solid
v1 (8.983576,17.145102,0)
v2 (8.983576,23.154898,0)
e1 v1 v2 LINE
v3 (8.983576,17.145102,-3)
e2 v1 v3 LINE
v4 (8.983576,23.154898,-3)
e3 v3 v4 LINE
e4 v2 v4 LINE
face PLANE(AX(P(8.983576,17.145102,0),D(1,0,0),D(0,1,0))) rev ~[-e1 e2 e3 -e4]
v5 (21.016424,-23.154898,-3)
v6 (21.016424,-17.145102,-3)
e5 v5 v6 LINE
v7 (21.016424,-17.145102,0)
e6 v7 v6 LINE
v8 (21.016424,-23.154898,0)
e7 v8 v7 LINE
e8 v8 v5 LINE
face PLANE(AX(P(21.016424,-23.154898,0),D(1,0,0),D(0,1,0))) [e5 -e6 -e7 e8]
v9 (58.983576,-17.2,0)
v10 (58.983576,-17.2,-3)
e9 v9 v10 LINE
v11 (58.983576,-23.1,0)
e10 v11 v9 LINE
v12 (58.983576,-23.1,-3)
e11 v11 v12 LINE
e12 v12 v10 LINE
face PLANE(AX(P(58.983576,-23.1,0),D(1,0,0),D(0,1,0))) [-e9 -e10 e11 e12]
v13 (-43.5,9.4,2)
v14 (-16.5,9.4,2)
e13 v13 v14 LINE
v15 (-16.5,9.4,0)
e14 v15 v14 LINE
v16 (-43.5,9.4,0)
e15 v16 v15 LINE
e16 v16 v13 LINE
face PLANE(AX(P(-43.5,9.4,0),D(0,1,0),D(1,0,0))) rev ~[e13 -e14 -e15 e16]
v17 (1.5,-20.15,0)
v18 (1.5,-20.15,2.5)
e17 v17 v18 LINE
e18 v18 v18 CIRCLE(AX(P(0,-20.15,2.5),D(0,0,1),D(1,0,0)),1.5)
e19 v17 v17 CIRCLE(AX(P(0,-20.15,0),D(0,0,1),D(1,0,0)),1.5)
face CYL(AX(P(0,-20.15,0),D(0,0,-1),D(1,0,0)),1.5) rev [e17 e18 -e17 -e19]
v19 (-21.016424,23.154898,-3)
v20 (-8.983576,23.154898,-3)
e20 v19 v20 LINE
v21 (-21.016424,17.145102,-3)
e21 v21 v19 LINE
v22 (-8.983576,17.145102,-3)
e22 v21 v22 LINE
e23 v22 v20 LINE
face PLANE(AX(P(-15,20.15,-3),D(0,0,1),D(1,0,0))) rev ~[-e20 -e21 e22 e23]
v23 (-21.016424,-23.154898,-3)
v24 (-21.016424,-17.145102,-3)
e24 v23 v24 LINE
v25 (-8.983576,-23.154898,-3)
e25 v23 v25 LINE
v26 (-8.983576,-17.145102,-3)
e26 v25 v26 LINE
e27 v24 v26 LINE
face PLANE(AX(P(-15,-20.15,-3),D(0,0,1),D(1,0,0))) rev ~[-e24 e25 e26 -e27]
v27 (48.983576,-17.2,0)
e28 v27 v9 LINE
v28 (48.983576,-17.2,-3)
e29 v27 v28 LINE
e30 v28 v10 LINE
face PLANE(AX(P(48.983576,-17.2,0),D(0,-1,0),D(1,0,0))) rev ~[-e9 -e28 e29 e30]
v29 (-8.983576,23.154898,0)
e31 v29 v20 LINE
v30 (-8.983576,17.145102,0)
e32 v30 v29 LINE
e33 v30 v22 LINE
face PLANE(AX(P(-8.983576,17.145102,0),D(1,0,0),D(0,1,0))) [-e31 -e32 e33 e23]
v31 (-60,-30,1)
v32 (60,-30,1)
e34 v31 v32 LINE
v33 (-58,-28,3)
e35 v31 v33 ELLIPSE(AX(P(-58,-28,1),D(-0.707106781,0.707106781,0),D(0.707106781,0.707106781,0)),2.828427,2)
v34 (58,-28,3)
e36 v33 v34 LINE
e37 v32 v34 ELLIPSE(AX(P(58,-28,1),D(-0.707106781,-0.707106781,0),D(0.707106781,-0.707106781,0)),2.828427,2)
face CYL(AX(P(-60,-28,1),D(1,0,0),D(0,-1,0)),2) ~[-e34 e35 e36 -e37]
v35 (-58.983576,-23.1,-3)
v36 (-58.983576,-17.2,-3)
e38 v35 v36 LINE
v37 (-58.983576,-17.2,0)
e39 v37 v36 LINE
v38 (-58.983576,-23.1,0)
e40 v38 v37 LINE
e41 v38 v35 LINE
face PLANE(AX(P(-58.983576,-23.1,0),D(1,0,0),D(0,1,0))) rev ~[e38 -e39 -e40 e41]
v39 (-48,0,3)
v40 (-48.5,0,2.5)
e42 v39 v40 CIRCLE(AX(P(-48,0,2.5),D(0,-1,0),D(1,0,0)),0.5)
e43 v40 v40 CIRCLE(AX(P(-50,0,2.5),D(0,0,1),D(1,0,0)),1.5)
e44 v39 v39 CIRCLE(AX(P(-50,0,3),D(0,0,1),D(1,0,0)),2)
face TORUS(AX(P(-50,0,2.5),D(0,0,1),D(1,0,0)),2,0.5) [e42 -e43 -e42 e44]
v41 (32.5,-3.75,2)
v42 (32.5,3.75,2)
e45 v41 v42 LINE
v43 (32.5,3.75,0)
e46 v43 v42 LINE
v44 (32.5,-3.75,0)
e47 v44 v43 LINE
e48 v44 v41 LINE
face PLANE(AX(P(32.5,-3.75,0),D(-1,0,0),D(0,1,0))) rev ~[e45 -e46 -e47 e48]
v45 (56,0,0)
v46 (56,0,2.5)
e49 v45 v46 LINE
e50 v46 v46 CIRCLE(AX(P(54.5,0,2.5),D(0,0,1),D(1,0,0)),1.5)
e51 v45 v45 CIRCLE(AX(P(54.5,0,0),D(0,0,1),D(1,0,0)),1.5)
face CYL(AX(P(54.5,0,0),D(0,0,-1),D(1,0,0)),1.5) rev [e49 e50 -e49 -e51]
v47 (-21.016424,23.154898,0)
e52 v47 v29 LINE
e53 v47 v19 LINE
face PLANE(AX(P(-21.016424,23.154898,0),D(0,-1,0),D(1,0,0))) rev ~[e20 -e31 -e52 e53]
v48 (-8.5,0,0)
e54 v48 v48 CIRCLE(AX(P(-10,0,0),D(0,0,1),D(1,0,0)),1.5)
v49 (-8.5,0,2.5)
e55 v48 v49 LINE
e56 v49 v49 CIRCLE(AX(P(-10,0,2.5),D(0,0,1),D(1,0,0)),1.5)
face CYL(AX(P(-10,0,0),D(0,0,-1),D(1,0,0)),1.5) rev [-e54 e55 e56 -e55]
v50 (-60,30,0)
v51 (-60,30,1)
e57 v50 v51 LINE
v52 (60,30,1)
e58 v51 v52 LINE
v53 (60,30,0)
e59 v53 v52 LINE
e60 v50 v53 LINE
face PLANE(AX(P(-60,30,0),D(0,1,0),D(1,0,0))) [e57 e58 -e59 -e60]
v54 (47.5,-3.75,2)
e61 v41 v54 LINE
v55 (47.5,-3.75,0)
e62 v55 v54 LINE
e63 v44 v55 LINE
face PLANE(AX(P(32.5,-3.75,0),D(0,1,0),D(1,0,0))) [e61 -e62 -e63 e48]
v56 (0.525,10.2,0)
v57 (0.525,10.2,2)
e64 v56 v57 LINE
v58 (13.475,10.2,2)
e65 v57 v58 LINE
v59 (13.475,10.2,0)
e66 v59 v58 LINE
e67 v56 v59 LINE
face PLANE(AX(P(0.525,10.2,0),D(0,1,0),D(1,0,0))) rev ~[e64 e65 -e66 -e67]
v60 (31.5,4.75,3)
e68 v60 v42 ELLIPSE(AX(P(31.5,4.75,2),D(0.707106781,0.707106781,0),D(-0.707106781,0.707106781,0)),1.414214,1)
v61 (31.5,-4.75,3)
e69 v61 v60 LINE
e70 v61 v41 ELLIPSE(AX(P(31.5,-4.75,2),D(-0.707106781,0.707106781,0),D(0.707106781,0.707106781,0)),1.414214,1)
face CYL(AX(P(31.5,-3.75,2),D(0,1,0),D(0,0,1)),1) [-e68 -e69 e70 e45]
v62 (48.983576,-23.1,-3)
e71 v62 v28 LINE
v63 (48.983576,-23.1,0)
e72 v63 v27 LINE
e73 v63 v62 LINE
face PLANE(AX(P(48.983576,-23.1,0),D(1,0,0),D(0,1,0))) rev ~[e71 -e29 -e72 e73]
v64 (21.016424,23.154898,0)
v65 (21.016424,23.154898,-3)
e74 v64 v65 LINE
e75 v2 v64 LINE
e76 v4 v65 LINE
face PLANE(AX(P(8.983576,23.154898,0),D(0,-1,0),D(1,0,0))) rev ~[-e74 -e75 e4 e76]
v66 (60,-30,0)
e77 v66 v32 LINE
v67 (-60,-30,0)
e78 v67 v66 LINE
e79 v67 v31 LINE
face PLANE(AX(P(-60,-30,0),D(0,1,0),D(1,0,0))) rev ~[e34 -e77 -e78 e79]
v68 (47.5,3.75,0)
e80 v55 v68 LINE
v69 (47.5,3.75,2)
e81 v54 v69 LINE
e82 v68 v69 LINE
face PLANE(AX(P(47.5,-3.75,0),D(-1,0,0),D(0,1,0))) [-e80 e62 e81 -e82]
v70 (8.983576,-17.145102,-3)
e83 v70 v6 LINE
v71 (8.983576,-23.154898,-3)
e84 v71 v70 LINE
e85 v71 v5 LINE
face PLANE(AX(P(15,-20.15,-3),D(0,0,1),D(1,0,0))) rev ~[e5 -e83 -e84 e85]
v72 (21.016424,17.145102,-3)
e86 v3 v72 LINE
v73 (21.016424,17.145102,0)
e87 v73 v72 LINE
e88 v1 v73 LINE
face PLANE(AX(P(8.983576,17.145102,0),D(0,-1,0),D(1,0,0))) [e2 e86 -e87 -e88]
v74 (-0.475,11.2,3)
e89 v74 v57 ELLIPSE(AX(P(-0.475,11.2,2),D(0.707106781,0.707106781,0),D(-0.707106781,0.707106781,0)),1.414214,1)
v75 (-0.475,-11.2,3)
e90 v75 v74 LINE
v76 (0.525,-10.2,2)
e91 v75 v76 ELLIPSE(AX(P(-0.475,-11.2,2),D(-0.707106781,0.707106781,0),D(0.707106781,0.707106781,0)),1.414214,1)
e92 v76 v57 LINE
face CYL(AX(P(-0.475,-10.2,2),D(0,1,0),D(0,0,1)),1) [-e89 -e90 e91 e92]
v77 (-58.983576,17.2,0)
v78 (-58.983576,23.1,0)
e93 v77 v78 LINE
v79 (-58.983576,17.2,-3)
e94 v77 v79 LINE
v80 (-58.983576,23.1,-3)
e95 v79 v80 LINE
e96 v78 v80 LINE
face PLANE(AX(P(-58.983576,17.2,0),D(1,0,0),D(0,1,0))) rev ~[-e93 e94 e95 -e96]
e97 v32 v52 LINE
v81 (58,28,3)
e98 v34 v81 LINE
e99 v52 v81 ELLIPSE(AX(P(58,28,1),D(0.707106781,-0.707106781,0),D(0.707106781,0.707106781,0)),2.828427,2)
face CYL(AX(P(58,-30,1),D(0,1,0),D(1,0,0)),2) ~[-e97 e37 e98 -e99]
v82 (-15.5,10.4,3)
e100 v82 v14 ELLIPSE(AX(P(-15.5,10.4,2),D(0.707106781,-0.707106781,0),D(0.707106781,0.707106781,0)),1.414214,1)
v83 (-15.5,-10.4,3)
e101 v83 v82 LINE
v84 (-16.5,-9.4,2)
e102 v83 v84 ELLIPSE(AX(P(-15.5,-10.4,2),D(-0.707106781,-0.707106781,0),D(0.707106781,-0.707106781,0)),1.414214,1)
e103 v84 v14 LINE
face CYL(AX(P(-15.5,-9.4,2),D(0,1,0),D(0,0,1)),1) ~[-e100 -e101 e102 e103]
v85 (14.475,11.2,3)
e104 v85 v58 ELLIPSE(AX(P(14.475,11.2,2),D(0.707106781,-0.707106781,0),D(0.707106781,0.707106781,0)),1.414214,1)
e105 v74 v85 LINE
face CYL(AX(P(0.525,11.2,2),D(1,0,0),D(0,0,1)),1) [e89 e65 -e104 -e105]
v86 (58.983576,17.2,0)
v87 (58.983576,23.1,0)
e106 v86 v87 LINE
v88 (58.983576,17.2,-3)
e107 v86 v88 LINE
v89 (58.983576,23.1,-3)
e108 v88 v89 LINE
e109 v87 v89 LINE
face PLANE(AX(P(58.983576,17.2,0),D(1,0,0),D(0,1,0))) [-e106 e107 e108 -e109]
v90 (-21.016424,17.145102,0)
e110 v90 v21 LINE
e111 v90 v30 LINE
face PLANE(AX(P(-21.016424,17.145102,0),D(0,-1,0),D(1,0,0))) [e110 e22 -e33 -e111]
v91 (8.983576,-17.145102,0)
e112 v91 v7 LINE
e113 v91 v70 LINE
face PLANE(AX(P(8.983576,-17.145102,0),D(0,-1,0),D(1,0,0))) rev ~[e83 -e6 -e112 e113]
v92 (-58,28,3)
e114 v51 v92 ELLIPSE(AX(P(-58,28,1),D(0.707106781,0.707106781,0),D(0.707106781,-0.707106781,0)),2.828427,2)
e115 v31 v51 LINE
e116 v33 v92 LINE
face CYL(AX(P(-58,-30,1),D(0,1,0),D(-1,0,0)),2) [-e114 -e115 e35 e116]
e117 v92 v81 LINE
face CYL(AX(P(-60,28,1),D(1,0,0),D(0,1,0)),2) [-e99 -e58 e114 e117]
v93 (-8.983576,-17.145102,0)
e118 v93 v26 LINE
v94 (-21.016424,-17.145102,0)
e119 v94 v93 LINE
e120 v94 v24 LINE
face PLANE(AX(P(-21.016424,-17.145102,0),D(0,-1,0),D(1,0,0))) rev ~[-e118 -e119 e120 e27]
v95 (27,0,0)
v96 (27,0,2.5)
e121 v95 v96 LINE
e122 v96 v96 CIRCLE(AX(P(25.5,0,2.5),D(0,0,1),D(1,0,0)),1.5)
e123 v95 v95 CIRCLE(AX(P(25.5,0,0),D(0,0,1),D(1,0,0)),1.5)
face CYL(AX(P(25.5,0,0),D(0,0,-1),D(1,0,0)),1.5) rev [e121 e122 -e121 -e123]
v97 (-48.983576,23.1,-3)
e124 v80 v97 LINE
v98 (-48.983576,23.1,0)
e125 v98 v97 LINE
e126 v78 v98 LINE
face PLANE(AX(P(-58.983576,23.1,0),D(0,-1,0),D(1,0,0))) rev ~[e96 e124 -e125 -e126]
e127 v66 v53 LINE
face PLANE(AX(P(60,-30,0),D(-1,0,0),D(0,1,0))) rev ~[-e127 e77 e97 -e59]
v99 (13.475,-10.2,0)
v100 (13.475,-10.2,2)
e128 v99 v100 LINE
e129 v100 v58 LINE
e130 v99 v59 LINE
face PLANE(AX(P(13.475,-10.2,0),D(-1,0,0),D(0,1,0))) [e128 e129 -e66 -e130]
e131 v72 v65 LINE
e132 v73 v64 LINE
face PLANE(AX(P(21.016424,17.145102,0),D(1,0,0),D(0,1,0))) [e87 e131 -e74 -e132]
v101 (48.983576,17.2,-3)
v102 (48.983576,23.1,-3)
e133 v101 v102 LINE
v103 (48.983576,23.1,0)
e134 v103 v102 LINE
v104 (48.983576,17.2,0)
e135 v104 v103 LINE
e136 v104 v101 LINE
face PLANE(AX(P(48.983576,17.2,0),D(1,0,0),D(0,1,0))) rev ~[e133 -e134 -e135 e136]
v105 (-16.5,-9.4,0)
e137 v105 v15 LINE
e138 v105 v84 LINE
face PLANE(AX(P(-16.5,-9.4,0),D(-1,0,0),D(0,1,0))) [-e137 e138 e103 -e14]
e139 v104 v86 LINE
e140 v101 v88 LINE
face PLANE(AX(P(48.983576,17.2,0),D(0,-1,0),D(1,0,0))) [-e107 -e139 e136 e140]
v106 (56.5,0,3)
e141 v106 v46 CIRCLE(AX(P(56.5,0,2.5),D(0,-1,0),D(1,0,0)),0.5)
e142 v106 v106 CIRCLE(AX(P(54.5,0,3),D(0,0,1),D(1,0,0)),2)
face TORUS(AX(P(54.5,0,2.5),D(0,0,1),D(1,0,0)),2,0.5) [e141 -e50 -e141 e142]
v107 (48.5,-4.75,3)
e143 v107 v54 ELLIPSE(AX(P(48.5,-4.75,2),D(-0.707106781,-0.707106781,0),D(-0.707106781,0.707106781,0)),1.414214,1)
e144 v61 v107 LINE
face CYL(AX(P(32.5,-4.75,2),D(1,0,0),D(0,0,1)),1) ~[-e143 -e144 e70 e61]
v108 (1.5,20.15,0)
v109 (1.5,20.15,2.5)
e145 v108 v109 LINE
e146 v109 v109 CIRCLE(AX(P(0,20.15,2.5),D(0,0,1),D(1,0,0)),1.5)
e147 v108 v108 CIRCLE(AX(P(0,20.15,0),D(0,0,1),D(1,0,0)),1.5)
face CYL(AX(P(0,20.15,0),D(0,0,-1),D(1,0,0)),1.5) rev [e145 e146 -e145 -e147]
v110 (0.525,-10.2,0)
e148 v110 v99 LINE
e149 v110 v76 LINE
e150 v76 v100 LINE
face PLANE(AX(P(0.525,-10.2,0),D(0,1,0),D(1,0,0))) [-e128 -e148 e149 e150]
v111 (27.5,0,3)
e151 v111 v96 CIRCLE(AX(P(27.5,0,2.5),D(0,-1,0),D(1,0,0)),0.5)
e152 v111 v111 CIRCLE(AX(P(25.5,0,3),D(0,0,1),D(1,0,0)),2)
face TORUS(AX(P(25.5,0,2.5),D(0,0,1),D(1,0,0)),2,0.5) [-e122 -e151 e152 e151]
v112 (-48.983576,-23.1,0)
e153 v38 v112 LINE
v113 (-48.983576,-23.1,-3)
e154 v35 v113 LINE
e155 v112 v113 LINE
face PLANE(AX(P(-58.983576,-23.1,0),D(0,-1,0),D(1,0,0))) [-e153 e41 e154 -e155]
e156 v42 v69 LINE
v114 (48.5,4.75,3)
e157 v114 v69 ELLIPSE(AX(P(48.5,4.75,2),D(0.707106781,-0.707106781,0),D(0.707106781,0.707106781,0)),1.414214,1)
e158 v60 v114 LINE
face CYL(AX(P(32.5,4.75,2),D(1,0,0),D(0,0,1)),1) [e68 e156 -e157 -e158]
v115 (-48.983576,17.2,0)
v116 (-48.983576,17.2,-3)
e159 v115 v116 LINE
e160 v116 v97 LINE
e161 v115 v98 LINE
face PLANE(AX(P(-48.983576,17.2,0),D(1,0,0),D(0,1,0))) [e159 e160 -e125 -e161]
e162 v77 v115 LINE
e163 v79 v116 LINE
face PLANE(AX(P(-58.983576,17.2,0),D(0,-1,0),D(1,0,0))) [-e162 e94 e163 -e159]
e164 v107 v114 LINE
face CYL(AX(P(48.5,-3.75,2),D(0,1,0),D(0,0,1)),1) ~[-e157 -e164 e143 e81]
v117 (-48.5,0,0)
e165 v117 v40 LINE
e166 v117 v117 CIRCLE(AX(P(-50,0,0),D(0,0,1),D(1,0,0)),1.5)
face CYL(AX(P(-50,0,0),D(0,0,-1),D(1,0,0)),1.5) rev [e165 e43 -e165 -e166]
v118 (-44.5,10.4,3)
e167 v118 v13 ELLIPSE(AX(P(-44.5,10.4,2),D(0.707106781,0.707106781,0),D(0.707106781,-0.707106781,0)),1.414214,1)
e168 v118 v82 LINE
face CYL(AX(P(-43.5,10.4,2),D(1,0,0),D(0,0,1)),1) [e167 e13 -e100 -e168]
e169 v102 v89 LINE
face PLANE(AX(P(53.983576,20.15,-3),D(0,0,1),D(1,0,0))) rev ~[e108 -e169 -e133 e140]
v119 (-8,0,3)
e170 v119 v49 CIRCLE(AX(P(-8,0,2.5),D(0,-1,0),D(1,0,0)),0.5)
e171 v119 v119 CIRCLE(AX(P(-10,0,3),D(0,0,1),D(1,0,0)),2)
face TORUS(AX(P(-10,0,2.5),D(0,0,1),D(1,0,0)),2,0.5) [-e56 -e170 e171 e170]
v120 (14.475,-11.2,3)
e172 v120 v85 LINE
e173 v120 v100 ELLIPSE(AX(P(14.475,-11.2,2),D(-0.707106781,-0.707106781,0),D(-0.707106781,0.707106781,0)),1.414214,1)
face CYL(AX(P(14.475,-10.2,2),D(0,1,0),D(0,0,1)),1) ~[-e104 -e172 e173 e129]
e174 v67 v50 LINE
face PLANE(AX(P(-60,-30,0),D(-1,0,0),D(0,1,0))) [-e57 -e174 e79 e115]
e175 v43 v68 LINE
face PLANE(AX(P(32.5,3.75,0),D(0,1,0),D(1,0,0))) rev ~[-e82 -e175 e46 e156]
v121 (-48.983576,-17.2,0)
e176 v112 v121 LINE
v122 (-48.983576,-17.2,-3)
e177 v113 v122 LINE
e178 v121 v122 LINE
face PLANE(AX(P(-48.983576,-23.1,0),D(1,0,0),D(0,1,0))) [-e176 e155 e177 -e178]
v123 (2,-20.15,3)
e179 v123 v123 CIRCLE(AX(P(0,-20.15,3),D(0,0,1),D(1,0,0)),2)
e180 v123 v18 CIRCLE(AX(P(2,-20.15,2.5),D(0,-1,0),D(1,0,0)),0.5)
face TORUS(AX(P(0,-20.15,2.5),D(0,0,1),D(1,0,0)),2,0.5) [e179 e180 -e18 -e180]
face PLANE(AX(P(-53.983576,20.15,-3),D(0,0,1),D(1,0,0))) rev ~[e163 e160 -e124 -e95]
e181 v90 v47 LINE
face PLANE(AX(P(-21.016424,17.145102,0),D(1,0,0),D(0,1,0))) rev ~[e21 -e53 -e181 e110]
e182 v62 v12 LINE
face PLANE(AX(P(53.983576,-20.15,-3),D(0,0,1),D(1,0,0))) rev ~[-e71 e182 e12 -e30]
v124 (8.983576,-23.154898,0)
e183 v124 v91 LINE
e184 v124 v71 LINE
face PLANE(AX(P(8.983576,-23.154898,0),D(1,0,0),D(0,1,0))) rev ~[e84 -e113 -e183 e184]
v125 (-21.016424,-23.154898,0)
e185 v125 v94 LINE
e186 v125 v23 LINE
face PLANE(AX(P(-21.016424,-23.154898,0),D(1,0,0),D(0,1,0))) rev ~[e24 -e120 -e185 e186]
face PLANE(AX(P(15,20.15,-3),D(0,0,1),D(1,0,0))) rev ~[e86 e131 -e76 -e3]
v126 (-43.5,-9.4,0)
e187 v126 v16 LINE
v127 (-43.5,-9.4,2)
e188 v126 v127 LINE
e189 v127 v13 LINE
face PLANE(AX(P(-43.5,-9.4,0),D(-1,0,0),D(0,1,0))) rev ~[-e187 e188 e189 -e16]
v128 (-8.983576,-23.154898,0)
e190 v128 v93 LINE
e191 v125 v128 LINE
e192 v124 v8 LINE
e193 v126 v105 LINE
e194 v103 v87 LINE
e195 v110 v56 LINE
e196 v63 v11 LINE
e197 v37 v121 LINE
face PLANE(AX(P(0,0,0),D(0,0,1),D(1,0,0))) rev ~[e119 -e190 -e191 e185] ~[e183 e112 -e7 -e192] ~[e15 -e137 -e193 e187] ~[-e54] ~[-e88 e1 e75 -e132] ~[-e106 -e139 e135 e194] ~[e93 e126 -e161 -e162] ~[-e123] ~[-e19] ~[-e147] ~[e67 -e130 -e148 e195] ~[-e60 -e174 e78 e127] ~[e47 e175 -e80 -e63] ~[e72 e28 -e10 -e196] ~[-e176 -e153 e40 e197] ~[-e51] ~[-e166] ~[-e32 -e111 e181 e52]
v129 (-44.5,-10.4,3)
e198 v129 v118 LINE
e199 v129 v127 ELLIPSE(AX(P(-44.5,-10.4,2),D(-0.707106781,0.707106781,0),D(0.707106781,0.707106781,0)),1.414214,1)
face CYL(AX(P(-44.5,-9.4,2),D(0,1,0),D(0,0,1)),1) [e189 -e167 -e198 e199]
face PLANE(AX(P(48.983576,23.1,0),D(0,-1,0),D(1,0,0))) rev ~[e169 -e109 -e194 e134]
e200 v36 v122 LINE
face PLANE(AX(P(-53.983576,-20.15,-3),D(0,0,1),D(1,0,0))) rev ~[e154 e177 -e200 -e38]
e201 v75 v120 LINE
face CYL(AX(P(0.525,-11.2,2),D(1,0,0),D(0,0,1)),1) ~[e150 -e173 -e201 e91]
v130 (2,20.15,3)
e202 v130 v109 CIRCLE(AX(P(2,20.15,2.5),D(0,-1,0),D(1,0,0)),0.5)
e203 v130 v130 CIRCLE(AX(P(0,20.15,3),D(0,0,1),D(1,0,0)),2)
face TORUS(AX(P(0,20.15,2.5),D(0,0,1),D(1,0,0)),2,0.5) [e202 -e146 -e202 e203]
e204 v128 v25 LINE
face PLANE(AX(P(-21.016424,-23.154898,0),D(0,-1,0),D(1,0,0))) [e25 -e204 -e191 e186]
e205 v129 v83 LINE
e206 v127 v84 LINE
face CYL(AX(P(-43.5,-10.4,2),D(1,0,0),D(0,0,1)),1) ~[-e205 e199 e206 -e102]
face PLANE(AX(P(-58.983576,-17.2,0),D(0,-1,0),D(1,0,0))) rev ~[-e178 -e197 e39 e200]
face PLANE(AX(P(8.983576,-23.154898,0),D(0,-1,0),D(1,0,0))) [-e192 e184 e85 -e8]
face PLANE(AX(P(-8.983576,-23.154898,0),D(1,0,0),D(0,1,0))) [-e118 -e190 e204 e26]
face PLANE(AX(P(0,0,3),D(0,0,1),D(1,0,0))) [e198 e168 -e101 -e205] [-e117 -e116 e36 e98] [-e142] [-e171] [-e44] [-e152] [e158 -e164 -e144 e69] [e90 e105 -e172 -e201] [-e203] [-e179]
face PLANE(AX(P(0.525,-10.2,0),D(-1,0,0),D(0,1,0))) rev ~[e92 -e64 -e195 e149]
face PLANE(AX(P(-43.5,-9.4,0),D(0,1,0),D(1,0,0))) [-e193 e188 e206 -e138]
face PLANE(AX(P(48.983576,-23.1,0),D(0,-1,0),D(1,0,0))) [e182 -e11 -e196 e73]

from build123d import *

# Parameters (mm, degrees)
F0_W     = 120
F0_H     = 60
F0_W_2   = 10
F0_H_2   = 5.9
F0_W_3   = 12.032848
F0_H_3   = 6.009796
F0_R     = 1.5
F0_W_4   = 27
F0_H_4   = 18.8
F0_W_5   = 12.95
F0_H_5   = 20.4
F0_W_6   = 15
F0_H_6   = 7.5
F1_DEPTH = 3
F2_R     = 2
F3_R     = 1
F4_R     = 0.5
F5_DEPTH = 3


with BuildPart() as f1:
    # F0 (on Top) → F1 (new body)
    with BuildSketch(Plane.XY):
        Rectangle(F0_W, F0_H)
        with Locations((-53.983576, -20.15)):
            Rectangle(F0_W_2, F0_H_2, mode=Mode.SUBTRACT)
        with Locations((-15, -20.15)):
            Rectangle(F0_W_3, F0_H_3, mode=Mode.SUBTRACT)
        with Locations((0, -20.15)):
            Circle(F0_R, mode=Mode.SUBTRACT)
        with Locations((15, -20.15)):
            Rectangle(F0_W_3, F0_H_3, mode=Mode.SUBTRACT)
        with Locations((53.983576, -20.15)):
            Rectangle(F0_W_2, F0_H_2, mode=Mode.SUBTRACT)
        with Locations((-50, 0)):
            Circle(F0_R, mode=Mode.SUBTRACT)
        with Locations((-30, 0)):
            Rectangle(F0_W_4, F0_H_4, mode=Mode.SUBTRACT)
        with Locations((-10, 0)):
            Circle(F0_R, mode=Mode.SUBTRACT)
        with Locations((-53.983576, 20.15)):
            Rectangle(F0_W_2, F0_H_2, mode=Mode.SUBTRACT)
        with Locations((-15, 20.15)):
            Rectangle(F0_W_3, F0_H_3, mode=Mode.SUBTRACT)
        with Locations((7, 0)):
            Rectangle(F0_W_5, F0_H_5, mode=Mode.SUBTRACT)
        with Locations((25.5, 0)):
            Circle(F0_R, mode=Mode.SUBTRACT)
        with Locations((40, 0)):
            Rectangle(F0_W_6, F0_H_6, mode=Mode.SUBTRACT)
        with Locations((54.5, 0)):
            Circle(F0_R, mode=Mode.SUBTRACT)
        with Locations((0, 20.15)):
            Circle(F0_R, mode=Mode.SUBTRACT)
        with Locations((15, 20.15)):
            Rectangle(F0_W_3, F0_H_3, mode=Mode.SUBTRACT)
        with Locations((53.983576, 20.15)):
            Rectangle(F0_W_2, F0_H_2, mode=Mode.SUBTRACT)
        with Locations((-15, 20.15)):
            Rectangle(F0_W_3, F0_H_3)
        with Locations((15, 20.15)):
            Rectangle(F0_W_3, F0_H_3)
        with Locations((15, -20.15)):
            Rectangle(F0_W_3, F0_H_3)
        with Locations((-15, -20.15)):
            Rectangle(F0_W_3, F0_H_3)
        with Locations((-53.983576, 20.15)):
            Rectangle(F0_W_2, F0_H_2)
        with Locations((-53.983576, -20.15)):
            Rectangle(F0_W_2, F0_H_2)
        with Locations((53.983576, -20.15)):
            Rectangle(F0_W_2, F0_H_2)
        with Locations((53.983576, 20.15)):
            Rectangle(F0_W_2, F0_H_2)
    extrude(amount=F1_DEPTH)

    # F2
    f2_edges = [f1.edges().sort_by_distance(p)[0] for p in [
        (0, -30, 3),
        (0, 30, 3),
        (-60, 0, 3),
        (60, 0, 3),
    ]]
    fillet(f2_edges, radius=F2_R)

    # F3
    f3_edges = [f1.edges().sort_by_distance(p)[0] for p in [
        (47.5, 0, 3),
        (32.5, 0, 3),
        (40, 3.75, 3),
        (40, -3.75, 3),
        (-30, 9.4, 3),
        (-30, -9.4, 3),
        (-43.5, 0, 3),
        (-16.5, 0, 3),
        (13.475, 0, 3),
        (0.525, 0, 3),
        (7, 10.2, 3),
        (7, -10.2, 3),
    ]]
    fillet(f3_edges, radius=F3_R)

    # F4
    f4_edges = [f1.edges().sort_by_distance(p)[0] for p in [
        (-51.5, 0, 3),
        (-11.5, 0, 3),
        (24, 0, 3),
        (53, 0, 3),
        (-1.5, -20.15, 3),
        (-1.5, 20.15, 3),
    ]]
    fillet(f4_edges, radius=F4_R)

    # F0 (on Top) → F5 (join)
    with BuildSketch(Plane.XY):
        with Locations((53.983576, 20.15)):
            Rectangle(F0_W_2, F0_H_2)
        with Locations((15, 20.15)):
            Rectangle(F0_W_3, F0_H_3)
        with Locations((-15, 20.15)):
            Rectangle(F0_W_3, F0_H_3)
        with Locations((-53.983576, 20.15)):
            Rectangle(F0_W_2, F0_H_2)
        with Locations((-53.983576, -20.15)):
            Rectangle(F0_W_2, F0_H_2)
        with Locations((-15, -20.15)):
            Rectangle(F0_W_3, F0_H_3)
        with Locations((15, -20.15)):
            Rectangle(F0_W_3, F0_H_3)
        with Locations((53.983576, -20.15)):
            Rectangle(F0_W_2, F0_H_2)
    extrude(amount=-F5_DEPTH)


solid = f1.part
